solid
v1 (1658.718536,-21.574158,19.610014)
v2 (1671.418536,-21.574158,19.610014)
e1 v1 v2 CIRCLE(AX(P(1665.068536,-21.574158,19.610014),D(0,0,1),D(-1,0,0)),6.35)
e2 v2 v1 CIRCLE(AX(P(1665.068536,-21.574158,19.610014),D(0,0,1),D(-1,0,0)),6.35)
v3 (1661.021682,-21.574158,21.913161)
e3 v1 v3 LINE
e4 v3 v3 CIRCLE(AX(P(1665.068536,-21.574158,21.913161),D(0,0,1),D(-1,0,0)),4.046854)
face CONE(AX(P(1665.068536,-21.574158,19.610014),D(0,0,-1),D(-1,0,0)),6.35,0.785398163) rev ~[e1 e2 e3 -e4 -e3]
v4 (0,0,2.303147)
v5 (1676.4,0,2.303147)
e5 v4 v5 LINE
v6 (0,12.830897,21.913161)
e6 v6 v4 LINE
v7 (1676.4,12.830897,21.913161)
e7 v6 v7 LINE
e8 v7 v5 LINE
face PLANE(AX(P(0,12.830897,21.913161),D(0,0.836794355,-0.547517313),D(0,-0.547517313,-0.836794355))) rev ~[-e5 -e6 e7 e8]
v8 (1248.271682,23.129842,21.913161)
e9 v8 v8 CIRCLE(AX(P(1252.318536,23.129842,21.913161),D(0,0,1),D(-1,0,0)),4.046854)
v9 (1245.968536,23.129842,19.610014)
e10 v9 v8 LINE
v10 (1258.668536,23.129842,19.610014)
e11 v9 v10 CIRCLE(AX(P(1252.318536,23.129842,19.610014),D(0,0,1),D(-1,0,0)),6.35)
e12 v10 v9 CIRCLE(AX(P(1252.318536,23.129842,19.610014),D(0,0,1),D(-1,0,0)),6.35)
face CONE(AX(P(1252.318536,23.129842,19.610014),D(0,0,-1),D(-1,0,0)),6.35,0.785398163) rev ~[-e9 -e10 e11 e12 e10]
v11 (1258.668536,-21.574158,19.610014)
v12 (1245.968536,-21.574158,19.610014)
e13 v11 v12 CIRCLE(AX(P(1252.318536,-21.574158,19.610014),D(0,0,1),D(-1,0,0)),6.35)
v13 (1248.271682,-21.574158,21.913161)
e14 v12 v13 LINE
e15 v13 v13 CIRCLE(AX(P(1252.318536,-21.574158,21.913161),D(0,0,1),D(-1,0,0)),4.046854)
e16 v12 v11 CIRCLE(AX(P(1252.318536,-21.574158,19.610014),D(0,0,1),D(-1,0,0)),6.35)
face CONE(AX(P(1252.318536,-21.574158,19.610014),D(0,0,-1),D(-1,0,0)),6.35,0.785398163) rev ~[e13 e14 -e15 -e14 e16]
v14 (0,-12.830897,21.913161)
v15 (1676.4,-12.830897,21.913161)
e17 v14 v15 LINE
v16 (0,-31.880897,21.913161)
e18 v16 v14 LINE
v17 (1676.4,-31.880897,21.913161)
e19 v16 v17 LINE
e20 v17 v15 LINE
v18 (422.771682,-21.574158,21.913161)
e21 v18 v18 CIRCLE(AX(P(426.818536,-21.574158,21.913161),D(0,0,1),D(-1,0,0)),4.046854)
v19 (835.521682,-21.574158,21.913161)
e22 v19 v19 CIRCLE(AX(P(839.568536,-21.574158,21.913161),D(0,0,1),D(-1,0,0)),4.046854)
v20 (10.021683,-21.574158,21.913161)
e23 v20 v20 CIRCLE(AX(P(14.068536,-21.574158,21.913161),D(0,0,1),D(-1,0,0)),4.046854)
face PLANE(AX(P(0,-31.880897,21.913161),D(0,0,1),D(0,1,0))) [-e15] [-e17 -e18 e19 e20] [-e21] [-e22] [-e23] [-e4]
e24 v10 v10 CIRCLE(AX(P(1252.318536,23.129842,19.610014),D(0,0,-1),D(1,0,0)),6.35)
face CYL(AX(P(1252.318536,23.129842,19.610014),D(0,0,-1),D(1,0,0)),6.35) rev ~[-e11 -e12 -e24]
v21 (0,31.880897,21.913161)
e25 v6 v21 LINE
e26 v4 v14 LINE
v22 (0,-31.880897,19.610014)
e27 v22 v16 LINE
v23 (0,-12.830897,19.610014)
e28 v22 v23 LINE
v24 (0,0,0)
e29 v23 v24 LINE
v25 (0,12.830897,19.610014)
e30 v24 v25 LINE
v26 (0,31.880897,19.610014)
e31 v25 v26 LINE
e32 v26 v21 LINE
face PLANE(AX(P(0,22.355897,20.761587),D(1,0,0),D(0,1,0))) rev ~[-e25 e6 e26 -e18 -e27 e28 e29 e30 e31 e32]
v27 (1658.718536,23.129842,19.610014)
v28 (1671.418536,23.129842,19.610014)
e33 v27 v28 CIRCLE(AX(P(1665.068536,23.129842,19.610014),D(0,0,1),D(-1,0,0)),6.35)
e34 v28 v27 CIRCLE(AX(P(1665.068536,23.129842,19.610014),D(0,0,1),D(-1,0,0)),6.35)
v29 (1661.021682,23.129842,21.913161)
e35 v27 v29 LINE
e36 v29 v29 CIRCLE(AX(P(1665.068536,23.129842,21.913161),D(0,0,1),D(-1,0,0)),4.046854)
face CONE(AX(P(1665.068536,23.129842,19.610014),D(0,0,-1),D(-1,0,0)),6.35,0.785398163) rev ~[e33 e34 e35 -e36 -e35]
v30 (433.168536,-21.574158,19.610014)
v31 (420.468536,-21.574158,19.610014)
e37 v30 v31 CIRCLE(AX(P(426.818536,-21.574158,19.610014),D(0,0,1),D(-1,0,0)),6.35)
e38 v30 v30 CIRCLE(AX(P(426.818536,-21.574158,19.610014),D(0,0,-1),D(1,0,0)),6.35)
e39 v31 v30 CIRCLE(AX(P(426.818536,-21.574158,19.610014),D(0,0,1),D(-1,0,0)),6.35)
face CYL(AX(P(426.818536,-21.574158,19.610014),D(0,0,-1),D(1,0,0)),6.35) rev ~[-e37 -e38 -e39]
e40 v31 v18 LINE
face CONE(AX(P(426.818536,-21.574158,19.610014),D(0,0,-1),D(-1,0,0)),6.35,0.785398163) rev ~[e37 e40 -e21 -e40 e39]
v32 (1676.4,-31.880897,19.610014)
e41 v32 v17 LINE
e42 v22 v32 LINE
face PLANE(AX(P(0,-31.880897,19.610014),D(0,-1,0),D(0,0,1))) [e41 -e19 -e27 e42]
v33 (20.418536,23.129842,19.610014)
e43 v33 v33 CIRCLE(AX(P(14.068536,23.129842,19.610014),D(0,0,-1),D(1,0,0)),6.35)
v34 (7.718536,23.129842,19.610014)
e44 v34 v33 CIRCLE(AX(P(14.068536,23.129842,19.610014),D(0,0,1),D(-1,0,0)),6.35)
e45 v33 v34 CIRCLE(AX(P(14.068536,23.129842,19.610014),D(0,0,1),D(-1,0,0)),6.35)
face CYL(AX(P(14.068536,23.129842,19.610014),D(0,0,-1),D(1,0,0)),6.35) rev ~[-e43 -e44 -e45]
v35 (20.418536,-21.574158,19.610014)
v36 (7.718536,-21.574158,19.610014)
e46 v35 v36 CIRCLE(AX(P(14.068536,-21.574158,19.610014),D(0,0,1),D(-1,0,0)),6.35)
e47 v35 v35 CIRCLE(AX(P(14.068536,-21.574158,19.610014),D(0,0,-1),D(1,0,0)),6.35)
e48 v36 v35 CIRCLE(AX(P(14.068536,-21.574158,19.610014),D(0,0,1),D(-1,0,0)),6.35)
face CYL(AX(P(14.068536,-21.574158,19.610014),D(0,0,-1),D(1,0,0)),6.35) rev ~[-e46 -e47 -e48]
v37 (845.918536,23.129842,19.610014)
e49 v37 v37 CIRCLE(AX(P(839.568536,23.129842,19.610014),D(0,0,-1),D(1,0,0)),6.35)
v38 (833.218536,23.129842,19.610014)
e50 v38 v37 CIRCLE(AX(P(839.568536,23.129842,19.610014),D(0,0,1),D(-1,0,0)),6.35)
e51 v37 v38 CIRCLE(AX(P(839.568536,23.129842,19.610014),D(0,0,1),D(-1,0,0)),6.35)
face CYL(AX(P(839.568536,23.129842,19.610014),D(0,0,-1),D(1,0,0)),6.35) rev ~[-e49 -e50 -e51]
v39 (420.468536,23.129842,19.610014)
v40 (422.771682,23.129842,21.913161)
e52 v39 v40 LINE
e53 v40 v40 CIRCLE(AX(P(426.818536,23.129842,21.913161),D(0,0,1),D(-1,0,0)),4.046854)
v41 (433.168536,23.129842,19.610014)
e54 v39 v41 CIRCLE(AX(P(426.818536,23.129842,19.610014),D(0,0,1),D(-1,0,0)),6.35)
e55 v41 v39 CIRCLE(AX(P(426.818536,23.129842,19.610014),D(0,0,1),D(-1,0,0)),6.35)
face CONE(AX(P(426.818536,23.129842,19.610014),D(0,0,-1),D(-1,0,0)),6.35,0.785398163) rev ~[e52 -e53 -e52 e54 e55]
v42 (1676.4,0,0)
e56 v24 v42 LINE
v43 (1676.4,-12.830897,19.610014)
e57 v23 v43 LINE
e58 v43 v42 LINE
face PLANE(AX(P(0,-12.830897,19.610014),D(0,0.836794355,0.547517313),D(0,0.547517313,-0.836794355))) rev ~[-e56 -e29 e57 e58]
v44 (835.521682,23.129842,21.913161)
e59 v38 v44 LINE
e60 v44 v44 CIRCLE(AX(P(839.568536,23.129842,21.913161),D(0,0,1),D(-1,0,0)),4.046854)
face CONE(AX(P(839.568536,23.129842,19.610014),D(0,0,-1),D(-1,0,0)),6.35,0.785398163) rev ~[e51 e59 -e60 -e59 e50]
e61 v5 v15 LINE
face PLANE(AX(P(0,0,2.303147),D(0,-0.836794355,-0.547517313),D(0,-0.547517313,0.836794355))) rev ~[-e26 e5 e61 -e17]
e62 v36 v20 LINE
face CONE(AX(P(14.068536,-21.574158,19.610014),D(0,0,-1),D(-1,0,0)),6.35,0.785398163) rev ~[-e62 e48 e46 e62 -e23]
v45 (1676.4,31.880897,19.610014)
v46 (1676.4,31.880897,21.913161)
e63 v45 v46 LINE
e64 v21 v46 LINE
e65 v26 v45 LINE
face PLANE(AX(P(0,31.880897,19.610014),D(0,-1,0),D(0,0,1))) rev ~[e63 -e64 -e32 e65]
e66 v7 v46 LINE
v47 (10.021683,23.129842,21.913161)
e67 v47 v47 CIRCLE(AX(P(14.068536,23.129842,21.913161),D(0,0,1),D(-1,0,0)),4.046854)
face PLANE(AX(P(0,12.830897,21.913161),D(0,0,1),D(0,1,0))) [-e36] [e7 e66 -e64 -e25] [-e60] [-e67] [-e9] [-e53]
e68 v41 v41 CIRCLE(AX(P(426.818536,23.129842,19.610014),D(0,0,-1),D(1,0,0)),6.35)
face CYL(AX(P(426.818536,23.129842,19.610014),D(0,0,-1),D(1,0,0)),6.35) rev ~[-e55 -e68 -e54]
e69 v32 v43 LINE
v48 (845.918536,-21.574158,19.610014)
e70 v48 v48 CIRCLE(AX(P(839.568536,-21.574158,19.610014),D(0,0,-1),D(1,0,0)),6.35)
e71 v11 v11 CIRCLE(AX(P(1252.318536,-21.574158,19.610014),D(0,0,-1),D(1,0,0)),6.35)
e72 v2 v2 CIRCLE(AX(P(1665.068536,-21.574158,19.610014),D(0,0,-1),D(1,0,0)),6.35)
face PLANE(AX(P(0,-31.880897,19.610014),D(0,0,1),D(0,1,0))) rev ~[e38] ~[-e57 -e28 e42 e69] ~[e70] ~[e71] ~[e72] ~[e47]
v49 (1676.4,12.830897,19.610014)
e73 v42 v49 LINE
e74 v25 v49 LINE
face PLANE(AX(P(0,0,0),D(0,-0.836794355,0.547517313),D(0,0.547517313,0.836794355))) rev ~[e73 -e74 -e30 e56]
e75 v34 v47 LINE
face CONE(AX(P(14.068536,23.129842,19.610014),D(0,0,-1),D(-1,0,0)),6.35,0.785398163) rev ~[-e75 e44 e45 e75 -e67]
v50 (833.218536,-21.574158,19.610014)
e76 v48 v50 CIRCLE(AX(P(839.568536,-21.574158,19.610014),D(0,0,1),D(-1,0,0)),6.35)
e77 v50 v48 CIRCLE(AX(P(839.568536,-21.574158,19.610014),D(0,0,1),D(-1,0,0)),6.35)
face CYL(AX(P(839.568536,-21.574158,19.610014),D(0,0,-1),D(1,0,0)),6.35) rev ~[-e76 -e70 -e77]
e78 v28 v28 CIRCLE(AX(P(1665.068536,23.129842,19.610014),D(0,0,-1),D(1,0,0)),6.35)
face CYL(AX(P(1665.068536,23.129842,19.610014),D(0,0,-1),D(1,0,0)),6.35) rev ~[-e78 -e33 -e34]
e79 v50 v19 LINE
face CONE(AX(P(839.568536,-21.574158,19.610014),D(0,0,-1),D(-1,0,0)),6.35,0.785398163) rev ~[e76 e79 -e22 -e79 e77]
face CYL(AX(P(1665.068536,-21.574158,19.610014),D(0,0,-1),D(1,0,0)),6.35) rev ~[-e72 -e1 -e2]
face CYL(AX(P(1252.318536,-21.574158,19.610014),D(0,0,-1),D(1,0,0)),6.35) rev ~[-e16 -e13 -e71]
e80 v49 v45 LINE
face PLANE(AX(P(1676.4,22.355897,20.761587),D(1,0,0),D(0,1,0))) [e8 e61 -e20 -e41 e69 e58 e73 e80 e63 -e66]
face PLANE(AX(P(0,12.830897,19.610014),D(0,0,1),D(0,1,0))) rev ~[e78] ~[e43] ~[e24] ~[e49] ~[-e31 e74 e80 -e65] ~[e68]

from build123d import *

# Parameters (mm, degrees)
F0_W           = 19.05
F0_H           = 2.303147
F1_DEPTH       = 1676.4
F3_D           = 6.35
F3_CSINK_D     = 12.7
F3_CSINK_ANGLE = 90


with BuildPart() as f1:
    # F0 (on Right) → F1 (new body)
    with BuildSketch(Plane.YZ):
        with Locations((22.355897, 20.761587)):
            Rectangle(F0_W, F0_H)
        Polygon((0, 2.303147), (0, 0), (12.830897, 19.610014), (12.830897, 21.913161), align=None)
        Polygon((-12.830897, 19.610014), (0, 0), (0, 2.303147), (-12.830897, 21.913161), align=None)
        with Locations((-22.355897, 20.761587)):
            Rectangle(F0_W, F0_H)
    extrude(amount=F1_DEPTH)

    # F3 (through all)
    with Locations(Plane(origin=(0, 0, 19.610014), x_dir=(1, 0, 0), z_dir=(0, 0, -1))):
        with Locations((14.068536, 21.574158), (14.068536, -23.129842), (426.818536, -23.129842), (426.818536, 21.574158), (839.568536, -23.129842), (839.568536, 21.574158), (1252.318536, -23.129842), (1252.318536, 21.574158), (1665.068536, -23.129842), (1665.068536, 21.574158)):
            CounterSinkHole(F3_D / 2, F3_CSINK_D / 2, counter_sink_angle=F3_CSINK_ANGLE)


solid = f1.part
